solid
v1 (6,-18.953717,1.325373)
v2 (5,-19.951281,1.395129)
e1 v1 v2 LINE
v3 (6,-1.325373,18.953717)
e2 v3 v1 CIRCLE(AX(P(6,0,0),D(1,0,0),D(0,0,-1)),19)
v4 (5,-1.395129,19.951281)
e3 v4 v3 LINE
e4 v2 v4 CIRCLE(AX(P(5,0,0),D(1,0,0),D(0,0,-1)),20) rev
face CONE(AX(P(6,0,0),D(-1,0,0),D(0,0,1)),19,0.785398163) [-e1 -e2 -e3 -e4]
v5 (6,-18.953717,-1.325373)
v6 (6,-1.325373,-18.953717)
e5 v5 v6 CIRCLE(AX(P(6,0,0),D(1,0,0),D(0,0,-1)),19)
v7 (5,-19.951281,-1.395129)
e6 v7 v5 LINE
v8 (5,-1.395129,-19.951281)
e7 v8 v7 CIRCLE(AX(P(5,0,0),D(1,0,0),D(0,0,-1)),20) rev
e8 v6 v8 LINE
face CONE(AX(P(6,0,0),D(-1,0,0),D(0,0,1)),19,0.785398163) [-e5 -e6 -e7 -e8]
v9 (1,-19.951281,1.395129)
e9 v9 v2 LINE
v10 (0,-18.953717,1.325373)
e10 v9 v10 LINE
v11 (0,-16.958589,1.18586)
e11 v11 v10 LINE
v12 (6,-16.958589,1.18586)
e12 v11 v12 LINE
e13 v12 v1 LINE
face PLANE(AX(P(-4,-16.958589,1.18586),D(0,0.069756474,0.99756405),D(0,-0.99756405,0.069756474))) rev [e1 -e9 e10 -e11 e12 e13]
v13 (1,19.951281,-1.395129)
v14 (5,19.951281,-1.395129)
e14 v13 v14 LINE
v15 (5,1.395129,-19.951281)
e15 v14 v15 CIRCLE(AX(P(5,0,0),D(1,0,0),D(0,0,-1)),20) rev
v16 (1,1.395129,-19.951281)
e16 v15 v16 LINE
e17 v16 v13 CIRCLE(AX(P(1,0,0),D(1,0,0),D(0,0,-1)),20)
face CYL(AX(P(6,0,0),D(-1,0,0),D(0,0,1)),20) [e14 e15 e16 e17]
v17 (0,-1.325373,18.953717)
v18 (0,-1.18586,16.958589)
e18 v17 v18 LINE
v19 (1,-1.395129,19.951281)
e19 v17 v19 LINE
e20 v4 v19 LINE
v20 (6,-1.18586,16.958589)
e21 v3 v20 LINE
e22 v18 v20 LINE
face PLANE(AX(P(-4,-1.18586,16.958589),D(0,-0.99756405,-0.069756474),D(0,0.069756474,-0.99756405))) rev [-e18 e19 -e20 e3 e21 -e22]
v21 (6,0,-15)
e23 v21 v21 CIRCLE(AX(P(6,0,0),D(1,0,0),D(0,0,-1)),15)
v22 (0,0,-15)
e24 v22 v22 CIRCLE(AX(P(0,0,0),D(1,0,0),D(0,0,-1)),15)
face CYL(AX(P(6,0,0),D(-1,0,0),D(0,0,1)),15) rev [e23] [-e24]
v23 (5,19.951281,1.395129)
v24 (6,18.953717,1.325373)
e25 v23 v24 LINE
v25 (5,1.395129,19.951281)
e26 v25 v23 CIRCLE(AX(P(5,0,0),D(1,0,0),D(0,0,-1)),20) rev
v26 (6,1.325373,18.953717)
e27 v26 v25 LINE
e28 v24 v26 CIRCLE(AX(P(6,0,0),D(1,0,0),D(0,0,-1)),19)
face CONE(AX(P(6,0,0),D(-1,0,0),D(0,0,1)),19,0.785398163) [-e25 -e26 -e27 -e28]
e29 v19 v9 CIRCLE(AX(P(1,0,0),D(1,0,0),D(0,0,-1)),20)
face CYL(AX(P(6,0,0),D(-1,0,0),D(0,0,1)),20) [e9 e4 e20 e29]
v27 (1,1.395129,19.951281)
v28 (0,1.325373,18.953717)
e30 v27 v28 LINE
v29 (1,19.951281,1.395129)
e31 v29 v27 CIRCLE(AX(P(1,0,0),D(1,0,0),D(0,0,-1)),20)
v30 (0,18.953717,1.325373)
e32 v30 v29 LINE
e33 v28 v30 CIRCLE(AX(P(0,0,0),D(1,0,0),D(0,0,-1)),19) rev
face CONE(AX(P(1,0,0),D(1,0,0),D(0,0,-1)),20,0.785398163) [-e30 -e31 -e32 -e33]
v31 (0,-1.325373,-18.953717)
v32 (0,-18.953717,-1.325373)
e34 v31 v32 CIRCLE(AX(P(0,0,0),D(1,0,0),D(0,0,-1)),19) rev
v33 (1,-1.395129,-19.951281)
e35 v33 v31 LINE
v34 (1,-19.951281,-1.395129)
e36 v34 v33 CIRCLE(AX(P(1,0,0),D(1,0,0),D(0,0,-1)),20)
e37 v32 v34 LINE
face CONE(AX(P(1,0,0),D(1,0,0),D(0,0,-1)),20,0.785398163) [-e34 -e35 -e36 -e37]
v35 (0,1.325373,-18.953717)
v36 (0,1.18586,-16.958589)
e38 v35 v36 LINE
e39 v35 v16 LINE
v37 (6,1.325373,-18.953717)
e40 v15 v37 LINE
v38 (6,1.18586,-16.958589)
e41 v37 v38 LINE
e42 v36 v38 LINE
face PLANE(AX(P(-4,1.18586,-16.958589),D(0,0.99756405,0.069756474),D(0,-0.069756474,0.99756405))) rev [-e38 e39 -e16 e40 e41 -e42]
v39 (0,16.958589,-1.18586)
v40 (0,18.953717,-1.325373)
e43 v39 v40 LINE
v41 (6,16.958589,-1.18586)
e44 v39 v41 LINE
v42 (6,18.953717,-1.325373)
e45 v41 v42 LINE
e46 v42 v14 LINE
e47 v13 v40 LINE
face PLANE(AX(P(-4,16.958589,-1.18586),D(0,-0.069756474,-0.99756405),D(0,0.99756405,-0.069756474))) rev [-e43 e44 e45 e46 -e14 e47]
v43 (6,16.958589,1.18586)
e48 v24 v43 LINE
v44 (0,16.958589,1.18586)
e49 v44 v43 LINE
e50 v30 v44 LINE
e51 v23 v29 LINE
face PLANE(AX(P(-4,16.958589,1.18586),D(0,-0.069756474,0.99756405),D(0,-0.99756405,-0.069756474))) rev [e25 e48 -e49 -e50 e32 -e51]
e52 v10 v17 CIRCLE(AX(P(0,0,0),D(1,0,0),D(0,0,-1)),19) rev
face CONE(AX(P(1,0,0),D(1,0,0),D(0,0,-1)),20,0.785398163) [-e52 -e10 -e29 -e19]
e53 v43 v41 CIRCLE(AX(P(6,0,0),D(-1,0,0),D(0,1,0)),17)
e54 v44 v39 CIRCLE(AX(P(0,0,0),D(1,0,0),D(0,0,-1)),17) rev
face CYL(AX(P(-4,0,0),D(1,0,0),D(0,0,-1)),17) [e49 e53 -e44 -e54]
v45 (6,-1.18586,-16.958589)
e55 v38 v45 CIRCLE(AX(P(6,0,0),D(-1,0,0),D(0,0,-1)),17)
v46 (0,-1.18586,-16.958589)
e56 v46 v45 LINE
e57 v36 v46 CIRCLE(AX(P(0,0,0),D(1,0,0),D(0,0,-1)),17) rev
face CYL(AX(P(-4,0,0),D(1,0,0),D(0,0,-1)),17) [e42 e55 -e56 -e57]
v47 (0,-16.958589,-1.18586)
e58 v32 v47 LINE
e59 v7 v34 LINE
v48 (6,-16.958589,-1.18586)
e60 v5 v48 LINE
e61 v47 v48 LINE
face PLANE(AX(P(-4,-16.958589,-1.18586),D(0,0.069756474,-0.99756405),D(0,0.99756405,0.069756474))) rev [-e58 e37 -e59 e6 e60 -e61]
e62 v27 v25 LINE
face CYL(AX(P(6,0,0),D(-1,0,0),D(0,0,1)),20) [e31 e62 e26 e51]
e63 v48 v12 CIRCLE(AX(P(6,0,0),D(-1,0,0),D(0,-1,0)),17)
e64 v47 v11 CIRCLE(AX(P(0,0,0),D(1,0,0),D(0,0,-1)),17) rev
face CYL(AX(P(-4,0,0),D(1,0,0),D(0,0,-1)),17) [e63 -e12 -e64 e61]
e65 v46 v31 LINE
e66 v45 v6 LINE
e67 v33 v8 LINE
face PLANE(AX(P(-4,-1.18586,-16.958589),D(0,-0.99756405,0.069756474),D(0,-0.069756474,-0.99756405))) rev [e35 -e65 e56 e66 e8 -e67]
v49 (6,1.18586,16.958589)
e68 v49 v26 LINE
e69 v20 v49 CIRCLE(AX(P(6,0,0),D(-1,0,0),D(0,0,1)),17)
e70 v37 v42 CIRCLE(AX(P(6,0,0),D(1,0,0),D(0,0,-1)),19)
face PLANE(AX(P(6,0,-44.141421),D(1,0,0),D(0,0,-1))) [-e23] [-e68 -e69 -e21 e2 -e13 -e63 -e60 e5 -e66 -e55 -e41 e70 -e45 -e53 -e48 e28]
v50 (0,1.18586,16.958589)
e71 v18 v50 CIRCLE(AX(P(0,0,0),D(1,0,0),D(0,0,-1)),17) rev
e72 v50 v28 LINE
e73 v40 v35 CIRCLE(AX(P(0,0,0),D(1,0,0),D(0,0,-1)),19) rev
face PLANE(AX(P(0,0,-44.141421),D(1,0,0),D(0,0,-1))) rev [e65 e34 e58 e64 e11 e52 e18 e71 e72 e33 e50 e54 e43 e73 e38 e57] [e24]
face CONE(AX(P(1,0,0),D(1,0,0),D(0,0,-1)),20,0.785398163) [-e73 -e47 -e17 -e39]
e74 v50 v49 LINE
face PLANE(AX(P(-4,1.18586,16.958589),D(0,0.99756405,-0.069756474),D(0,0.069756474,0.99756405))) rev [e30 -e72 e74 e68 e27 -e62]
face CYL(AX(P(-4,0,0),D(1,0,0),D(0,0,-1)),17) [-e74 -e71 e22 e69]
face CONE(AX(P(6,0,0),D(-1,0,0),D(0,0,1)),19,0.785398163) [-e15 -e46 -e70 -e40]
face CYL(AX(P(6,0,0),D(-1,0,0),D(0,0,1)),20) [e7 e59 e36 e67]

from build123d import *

# Parameters (mm, degrees)
SKETCH_1_R               = 20
SKETCH_1_R_2             = 15
EXTRUDE_1_DEPTH          = 6
CHAMFER_1_SIZE           = 1
CUT_EXTRUDE_1_DEPTH      = 10
PATTERN_CIRCULAR_1_COUNT = 4


with BuildPart() as part:
    # 草图1 → 凸台-拉伸1 (new body)
    with BuildSketch(Plane(origin=(0, 0, 0), x_dir=(0, 0, -1), z_dir=(1, 0, 0))):
        Circle(SKETCH_1_R)
        Circle(SKETCH_1_R_2, mode=Mode.SUBTRACT)
    extrude(amount=EXTRUDE_1_DEPTH)

    # 倒角1
    chamfer_1_edges = [part.edges().sort_by_distance(p)[0] for p in [
        (6, 0, 20),
        (0, 0, 20),
    ]]
    chamfer(chamfer_1_edges, length=CHAMFER_1_SIZE)

    # 草图2 → 切除-拉伸1 (cut)
    with BuildSketch(Plane(origin=(6, 0, 0), x_dir=(0, 0, -1), z_dir=(1, 0, 0))):
        with BuildLine():
            Line((16.958588854, -1.185860054), (20.747478718, -1.450805043))
            ThreePointArc((20.747478718, -1.450805043), (20.798141947, 0), (20.747478718, 1.450805043))
            Line((20.747478718, 1.450805043), (16.958588854, 1.185860054))
            ThreePointArc((16.958588854, 1.185860054), (17, 0), (16.958588854, -1.185860054))
        make_face()
    cut_extrude_1 = extrude(amount=-CUT_EXTRUDE_1_DEPTH, mode=Mode.SUBTRACT)

    # 阵列(圆周)1: 切除-拉伸1 ×4 about axis
    pattern_circular_1_axis = Axis((6, 0, 0), (1, 0, 0))
    for i in range(1, PATTERN_CIRCULAR_1_COUNT):
        add(cut_extrude_1.rotate(pattern_circular_1_axis, i * 360 / PATTERN_CIRCULAR_1_COUNT), mode=Mode.SUBTRACT)


solid = part.part
